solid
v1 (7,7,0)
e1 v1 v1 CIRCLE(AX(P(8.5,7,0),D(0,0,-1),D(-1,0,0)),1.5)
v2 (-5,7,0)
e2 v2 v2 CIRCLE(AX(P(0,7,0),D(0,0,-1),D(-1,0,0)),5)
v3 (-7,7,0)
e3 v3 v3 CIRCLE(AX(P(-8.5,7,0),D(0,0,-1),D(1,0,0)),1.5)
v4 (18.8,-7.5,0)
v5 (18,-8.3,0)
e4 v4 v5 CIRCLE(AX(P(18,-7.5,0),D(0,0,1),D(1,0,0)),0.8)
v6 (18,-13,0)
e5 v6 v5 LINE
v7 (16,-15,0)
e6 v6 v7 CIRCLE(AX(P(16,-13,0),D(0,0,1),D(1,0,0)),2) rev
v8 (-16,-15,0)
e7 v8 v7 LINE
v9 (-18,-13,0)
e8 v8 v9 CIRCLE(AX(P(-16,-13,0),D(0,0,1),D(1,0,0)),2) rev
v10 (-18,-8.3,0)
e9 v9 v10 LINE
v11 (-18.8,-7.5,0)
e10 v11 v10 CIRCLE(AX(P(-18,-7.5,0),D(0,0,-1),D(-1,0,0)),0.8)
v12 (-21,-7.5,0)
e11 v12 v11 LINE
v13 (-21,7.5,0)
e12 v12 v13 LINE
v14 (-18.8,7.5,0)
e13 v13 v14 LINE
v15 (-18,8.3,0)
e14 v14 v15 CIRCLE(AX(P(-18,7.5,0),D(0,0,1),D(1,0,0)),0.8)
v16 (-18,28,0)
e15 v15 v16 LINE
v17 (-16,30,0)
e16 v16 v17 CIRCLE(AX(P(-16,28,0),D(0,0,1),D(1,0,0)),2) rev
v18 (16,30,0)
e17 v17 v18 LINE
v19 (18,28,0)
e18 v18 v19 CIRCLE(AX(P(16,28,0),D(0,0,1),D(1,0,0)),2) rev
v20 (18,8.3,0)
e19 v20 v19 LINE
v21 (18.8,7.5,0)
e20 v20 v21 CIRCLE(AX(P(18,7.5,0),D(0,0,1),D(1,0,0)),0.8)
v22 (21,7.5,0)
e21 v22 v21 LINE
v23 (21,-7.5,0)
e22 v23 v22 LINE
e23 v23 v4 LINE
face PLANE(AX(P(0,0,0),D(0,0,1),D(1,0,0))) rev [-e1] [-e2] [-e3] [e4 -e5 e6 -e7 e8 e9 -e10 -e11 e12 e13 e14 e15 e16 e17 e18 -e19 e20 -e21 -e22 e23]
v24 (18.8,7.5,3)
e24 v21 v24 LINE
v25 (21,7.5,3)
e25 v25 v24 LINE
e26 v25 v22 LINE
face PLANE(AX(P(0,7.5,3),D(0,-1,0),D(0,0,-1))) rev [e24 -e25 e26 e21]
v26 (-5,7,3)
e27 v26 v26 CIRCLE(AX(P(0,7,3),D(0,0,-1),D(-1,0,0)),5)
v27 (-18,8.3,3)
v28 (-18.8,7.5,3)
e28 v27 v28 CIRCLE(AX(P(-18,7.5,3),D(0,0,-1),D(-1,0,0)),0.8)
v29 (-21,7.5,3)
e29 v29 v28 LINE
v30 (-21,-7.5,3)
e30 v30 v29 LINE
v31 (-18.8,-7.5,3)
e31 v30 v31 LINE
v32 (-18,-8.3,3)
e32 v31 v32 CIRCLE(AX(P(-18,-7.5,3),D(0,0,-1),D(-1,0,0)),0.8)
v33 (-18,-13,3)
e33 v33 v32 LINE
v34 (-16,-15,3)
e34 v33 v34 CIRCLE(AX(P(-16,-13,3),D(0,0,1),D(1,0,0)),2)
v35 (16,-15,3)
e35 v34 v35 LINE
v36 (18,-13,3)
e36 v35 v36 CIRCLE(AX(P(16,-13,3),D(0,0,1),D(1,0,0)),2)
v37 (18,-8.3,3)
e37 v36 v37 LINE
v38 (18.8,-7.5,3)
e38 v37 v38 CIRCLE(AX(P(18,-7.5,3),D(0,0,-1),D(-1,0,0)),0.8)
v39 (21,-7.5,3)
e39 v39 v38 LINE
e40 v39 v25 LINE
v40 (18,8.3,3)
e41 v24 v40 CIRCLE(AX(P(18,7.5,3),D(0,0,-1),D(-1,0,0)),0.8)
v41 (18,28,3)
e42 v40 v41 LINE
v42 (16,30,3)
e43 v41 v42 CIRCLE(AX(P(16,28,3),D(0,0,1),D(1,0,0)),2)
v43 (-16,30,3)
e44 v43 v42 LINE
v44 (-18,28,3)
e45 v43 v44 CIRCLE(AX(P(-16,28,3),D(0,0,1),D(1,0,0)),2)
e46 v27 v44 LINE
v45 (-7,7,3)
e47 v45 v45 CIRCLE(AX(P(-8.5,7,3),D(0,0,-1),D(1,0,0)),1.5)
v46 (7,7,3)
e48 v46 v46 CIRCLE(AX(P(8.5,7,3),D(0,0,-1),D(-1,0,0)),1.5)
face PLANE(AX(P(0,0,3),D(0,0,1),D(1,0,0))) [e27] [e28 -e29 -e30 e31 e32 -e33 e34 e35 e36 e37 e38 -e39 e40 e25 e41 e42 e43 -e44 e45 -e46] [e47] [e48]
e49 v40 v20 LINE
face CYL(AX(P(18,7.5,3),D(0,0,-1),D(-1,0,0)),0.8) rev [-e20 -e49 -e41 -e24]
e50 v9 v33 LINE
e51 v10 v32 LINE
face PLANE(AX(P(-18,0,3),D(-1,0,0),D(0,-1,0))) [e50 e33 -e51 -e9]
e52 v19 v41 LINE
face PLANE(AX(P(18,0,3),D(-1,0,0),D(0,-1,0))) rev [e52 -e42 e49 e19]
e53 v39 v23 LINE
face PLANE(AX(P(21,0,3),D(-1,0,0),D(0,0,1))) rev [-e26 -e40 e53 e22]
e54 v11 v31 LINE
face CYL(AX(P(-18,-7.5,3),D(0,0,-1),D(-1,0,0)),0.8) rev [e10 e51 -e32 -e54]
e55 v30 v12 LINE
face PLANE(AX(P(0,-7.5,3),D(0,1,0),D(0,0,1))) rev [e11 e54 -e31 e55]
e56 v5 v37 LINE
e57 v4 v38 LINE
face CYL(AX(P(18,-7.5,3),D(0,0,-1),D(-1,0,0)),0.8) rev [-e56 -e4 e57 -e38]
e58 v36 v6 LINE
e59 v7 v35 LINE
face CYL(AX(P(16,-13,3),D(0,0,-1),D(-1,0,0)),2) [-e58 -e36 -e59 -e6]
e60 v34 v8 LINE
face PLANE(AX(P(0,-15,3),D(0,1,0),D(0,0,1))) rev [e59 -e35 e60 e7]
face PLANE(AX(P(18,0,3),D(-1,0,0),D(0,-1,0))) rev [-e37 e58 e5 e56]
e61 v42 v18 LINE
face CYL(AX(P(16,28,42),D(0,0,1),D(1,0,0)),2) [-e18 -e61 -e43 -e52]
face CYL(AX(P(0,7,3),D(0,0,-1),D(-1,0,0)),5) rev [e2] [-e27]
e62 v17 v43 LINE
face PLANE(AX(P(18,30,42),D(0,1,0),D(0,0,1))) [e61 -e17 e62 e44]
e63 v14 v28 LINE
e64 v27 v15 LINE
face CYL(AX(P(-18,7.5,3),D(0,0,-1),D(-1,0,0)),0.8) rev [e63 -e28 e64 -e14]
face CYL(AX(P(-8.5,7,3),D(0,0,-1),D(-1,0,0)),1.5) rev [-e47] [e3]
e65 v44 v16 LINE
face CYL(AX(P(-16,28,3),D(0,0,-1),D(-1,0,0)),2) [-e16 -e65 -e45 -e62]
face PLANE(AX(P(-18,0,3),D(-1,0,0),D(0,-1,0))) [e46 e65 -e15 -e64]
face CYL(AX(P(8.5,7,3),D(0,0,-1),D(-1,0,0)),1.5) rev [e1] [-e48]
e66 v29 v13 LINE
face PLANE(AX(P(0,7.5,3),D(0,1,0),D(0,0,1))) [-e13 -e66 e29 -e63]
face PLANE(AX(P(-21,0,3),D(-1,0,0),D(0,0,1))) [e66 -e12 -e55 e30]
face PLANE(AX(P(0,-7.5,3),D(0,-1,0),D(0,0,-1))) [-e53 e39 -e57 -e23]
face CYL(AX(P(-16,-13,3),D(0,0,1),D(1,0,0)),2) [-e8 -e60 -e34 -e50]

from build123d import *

# Parameters (mm, degrees)
SKETCH1_W           = 3
SKETCH1_H           = 15
BOSS_EXTRUDE1_DEPTH = 3
SKETCH3_W           = 36
SKETCH3_H           = 15
BOSS_EXTRUDE2_DEPTH = 3
SKETCH4_R           = 5
SKETCH4_R_2         = 1.5
CUT_EXTRUDE1_DEPTH  = 37.742346142
SKETCH5_R           = 0.8
CUT_EXTRUDE2_DEPTH  = 37.742346142
FILLET1_R           = 2


with BuildPart() as part:
    # Sketch1 → Boss-Extrude1 (new body)
    with BuildSketch(Plane.XY):
        Polygon((-18, -7.5), (-18, -15), (18, -15), (18, -7.5), (15, -7.5), (15, 7.5), (18, 7.5), (18, 15), (-18, 15), (-18, 7.5), (-15, 7.5), (-15, -7.5), align=None)
        with Locations((-19.5, 0)):
            Rectangle(SKETCH1_W, SKETCH1_H)
        with Locations((-16.5, 0)):
            Rectangle(SKETCH1_W, SKETCH1_H)
        with Locations((19.5, 0)):
            Rectangle(SKETCH1_W, SKETCH1_H)
        with Locations((16.5, 0)):
            Rectangle(SKETCH1_W, SKETCH1_H)
    extrude(amount=BOSS_EXTRUDE1_DEPTH)

    # Sketch3 → Boss-Extrude2 (add)
    with BuildSketch(Plane(origin=(0, 0, 0), x_dir=(-1, 0, 0), z_dir=(0, 0, -1))):
        with Locations((0, 22.5)):
            Rectangle(SKETCH3_W, SKETCH3_H)
    extrude(amount=-BOSS_EXTRUDE2_DEPTH)

    # Sketch4 → Cut-Extrude1 (cut, through all)
    with BuildSketch(Plane(origin=(0, 0, 0), x_dir=(-1, 0, 0), z_dir=(0, 0, -1))):
        with Locations((0, 7)):
            Circle(SKETCH4_R)
        with Locations((-8.5, 7)):
            Circle(SKETCH4_R_2)
        with Locations(Location((8.5, 7, 0), (0, 0, 180))):
            Circle(SKETCH4_R_2)
    extrude(amount=-CUT_EXTRUDE1_DEPTH, mode=Mode.SUBTRACT)

    # Sketch5 → Cut-Extrude2 (cut, through all)
    with BuildSketch(Plane(origin=(0, 0, 0), x_dir=(-1, 0, 0), z_dir=(0, 0, -1))):
        with Locations((-18, 7.5)):
            Circle(SKETCH5_R)
        with Locations((-18, -7.5)):
            Circle(SKETCH5_R)
        with Locations((18, 7.5)):
            Circle(SKETCH5_R)
        with Locations((18, -7.5)):
            Circle(SKETCH5_R)
    extrude(amount=-CUT_EXTRUDE2_DEPTH, mode=Mode.SUBTRACT)

    # Fillet1
    fillet1_edges = [part.edges().sort_by_distance(p)[0] for p in [
        (18, -15, 1.5),
        (-18, -15, 1.5),
        (-18, 30, 1.5),
        (18, 30, 1.5),
    ]]
    fillet(fillet1_edges, radius=FILLET1_R)


solid = part.part
